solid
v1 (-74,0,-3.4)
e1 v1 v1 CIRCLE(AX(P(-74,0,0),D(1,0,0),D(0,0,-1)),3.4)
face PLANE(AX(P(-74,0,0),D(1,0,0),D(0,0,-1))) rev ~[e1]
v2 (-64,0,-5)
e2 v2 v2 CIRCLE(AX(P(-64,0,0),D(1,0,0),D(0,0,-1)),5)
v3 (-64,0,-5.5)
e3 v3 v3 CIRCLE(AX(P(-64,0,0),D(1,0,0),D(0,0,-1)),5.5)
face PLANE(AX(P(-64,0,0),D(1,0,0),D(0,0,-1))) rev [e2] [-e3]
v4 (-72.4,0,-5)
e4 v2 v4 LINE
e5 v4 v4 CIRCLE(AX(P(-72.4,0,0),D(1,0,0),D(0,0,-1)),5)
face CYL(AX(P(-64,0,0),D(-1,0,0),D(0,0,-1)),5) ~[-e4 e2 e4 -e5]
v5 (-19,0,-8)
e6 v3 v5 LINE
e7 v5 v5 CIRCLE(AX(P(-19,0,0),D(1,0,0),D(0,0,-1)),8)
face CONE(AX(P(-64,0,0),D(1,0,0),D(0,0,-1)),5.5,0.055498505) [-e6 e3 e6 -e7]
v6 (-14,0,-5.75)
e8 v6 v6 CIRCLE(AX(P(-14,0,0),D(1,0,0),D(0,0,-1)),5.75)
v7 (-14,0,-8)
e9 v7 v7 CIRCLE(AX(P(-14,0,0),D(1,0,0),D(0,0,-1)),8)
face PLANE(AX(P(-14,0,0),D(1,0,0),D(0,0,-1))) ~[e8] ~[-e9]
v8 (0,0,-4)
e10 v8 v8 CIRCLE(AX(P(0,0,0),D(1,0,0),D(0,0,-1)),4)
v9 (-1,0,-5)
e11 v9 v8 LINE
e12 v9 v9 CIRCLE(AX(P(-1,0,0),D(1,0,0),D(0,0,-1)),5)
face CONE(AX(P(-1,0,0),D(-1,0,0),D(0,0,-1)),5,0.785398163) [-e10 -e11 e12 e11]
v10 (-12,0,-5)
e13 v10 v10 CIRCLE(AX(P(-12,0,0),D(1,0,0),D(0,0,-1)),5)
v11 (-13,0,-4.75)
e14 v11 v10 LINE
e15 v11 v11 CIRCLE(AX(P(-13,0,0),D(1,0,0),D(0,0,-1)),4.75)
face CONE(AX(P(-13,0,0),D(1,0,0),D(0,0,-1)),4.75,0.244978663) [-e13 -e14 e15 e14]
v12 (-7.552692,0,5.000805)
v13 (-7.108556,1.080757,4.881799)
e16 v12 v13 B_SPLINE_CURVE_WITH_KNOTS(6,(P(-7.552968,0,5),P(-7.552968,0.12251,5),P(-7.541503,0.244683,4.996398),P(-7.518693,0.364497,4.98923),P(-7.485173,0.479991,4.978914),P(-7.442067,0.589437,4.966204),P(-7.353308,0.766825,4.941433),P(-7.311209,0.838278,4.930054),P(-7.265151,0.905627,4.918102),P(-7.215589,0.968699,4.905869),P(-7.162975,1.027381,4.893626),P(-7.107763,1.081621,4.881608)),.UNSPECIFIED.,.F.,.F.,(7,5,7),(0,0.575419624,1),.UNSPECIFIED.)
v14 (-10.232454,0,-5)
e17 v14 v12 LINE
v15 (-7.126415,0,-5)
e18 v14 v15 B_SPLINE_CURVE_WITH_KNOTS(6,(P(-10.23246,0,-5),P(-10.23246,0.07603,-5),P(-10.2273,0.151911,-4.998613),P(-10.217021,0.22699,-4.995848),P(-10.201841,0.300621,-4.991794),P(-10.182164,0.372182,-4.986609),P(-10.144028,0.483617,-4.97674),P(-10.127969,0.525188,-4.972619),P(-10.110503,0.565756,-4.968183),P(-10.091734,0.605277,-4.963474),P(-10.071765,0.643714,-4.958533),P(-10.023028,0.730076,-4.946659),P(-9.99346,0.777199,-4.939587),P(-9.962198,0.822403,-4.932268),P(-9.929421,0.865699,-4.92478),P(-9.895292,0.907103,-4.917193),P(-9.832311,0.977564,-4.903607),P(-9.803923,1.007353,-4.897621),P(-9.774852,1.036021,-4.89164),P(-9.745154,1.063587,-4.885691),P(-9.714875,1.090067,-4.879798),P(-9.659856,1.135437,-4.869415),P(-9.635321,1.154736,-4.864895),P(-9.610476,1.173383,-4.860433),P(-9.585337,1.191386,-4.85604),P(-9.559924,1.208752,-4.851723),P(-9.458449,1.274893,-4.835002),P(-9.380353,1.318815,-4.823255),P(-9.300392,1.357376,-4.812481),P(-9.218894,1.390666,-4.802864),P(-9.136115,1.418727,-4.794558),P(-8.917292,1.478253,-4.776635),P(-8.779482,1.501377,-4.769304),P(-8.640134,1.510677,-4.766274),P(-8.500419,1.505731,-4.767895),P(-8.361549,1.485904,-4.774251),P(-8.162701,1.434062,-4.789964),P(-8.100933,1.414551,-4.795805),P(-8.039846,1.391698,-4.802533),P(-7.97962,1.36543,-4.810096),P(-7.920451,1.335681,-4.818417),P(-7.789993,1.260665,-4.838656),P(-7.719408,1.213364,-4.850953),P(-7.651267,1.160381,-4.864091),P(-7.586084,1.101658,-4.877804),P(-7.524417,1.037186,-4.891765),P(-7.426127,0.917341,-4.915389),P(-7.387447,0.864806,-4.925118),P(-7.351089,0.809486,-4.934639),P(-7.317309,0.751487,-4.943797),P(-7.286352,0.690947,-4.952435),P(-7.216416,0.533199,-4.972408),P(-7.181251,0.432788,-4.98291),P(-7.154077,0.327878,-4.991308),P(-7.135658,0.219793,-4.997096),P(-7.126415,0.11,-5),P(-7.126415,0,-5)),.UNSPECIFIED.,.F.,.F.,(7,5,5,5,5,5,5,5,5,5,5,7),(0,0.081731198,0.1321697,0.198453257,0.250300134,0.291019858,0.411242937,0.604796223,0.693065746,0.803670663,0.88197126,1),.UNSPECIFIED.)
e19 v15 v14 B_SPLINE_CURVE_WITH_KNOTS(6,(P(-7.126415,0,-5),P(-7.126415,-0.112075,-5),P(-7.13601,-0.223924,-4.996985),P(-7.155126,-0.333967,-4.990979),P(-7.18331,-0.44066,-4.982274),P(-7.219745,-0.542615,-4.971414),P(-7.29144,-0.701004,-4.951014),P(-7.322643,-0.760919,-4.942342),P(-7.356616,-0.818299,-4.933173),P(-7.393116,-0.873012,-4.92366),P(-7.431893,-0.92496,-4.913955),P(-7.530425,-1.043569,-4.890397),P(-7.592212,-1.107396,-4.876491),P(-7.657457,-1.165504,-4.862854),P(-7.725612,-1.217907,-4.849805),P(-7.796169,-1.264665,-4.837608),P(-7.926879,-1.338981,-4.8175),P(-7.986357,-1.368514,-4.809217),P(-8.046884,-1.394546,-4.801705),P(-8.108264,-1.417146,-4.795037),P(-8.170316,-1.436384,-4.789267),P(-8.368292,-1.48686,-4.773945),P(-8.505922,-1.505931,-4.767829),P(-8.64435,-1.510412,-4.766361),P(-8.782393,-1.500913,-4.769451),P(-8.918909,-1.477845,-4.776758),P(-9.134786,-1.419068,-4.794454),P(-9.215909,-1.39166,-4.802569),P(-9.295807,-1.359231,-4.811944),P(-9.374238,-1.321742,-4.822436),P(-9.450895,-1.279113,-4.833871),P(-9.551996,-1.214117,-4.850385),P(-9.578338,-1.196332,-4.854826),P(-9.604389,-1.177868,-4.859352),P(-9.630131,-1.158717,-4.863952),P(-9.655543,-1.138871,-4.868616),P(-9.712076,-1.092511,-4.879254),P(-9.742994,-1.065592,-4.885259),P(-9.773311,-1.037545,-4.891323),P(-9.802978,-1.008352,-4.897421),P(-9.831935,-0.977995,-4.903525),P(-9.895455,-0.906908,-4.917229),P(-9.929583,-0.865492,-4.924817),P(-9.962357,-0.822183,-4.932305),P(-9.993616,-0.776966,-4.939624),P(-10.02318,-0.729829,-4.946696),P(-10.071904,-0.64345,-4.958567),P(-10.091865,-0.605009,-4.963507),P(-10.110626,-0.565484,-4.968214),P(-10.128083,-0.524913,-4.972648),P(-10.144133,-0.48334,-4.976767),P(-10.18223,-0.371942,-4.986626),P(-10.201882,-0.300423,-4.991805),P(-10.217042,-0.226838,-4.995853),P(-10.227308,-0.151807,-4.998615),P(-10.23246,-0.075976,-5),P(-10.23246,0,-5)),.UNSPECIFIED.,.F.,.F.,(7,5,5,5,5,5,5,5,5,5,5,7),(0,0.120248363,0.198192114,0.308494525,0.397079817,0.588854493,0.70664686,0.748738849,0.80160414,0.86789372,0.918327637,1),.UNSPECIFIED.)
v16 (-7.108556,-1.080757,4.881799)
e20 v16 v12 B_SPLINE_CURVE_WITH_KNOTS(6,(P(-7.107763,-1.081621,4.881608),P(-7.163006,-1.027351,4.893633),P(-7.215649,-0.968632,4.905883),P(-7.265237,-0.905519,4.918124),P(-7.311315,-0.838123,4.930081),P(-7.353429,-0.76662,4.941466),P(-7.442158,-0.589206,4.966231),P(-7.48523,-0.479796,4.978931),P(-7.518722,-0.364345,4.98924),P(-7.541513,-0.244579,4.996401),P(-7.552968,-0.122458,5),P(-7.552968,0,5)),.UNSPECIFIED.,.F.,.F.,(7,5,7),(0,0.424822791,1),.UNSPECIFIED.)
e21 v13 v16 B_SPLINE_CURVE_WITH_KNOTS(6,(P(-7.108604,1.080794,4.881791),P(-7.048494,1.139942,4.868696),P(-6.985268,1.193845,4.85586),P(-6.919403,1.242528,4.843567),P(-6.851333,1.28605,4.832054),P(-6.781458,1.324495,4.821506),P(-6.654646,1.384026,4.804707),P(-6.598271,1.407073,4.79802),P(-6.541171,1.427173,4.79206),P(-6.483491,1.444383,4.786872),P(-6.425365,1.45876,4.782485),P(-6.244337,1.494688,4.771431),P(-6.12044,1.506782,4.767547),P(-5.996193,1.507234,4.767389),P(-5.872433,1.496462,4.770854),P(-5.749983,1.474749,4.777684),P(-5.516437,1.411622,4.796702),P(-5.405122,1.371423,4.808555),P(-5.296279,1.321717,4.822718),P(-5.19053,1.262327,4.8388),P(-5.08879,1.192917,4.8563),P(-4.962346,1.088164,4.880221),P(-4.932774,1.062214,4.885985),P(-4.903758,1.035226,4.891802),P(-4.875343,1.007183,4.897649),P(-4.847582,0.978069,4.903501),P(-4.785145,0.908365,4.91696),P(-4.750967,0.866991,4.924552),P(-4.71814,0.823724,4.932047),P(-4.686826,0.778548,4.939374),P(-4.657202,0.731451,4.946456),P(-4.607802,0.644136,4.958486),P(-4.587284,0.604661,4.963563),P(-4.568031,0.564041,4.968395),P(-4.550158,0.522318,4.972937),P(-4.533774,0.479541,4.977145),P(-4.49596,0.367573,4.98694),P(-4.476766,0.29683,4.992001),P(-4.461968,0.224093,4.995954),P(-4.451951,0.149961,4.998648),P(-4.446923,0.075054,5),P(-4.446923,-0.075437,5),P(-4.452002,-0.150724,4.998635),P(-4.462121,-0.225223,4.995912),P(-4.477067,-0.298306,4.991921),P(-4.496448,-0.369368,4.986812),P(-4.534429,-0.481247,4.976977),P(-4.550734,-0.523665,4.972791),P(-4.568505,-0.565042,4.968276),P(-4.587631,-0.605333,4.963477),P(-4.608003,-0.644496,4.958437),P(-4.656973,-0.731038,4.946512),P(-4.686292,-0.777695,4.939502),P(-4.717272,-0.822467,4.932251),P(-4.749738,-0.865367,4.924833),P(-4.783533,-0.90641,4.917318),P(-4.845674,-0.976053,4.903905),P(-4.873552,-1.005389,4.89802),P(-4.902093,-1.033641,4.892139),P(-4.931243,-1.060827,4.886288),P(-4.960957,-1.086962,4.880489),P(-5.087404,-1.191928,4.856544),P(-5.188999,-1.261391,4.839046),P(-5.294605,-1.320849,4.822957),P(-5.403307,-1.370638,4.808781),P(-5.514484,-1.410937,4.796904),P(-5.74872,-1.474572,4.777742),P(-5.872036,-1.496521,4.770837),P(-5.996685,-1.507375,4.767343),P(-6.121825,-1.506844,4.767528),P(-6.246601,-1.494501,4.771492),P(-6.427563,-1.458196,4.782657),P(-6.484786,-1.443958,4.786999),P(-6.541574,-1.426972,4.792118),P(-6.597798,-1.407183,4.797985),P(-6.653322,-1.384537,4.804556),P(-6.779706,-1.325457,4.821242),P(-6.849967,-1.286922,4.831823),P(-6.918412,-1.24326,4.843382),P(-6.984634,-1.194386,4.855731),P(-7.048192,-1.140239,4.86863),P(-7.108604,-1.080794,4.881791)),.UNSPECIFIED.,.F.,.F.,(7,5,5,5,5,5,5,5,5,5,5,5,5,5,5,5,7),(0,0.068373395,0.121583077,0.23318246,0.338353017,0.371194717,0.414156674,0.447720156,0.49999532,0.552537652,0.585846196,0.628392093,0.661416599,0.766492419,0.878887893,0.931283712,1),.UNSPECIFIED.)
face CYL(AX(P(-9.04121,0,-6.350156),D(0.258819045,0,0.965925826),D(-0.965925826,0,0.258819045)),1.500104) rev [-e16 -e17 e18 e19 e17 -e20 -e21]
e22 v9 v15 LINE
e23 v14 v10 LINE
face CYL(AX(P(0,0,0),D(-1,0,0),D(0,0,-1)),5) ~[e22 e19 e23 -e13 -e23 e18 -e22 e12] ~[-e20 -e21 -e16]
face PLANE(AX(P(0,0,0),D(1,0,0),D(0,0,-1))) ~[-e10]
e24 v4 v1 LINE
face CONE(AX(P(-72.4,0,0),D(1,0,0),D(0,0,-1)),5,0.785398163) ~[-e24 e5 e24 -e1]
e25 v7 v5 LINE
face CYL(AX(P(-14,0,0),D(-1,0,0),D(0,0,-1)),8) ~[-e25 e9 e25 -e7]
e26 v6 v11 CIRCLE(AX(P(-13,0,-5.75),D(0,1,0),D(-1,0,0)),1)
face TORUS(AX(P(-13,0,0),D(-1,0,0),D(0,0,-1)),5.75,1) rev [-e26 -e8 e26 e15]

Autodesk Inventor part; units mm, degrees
ref_plane "YZ Plane" through (0, 0, 0) normal (1, 0, 0) x (0, 1, 0)
ref_plane "XZ Plane" through (0, 0, 0) normal (0, 1, 0) x (-1, 0, 0)
ref_plane "XY Plane" through (0, 0, 0) normal (0, 0, 1) x (1, 0, 0)
sketch "Эскиз1" plane through (0, 0, 0) normal (0, 1, 0) x (-1, 0, 0)
  line L0 (0, 0) -> (0, -5)
  line L1 (0, -5) -> (12, -5)
  line L2 (14, 0) -> (14, -4.75)
  line L3 (14, -4.75) -> (13, -4.75)
  line L4 (12, -4.75) -> (12, -5)
  line L5 (14, 0) -> (14, -8)
  line L6 (14, -8) -> (19, -8)
  line L7 (19, 0) -> (64, 0)
  line L8 (64, -5) -> (64, -5.5)
  line L9 (64, -5.5) -> (19, -8)
  line L10 (64, -5.5) -> (64, -5)
  line L11 (64, -5) -> (74, -5)
  line L12 (74, -5) -> (74, 0)
  line L13 (74, 0) -> (0, 0)
  line L14 (14, -4.75) -> (14, -5.75)
  line L15 (14, -5.75) -> (13, -5.75)
  arc A0 (14, -5.75) -> (13, -4.75) centre (13, -5.75) ccw
  line L16 (13, -4.75) -> (12, -5)
  dimension "d0" = 5
  dimension "d1" = 12
  dimension "d3" = 2
  dimension "d5" = 5
  dimension "d6" = 45
  dimension "d7" = 5.5
  dimension "d8" = 0.5
  dimension "d9" = 10
  dimension "d25" = 1
revolve "Вращение1" add sketch "Эскиз1" angle 360 about axis through (-74, 0, 0) along (1, 0, 0)
thread "Резьба1" size "M10x1.5" class "6g" standard "ANSI Metric M Profile" length 7.5
sketch "Эскиз2" plane through (0, 0, 0) normal (0, 1, 0) x (-1, 0, 0)
  line L0 (14, 5.0083) -> (6, 5)
  line L1 (12, 5) -> (0, 5) projected
  line L2 (6, 5) -> (9.0413, -6.3501)
  line L3 (6, 5) -> (17.7505, 5) construction
  line L4 (9.0413, -6.3501) -> (10.4902, -5.9619)
  line L5 (10.4902, -5.9619) -> (6.6566, 8.345)
  line L6 (6.6566, 8.345) -> (5.2077, 7.9567)
  line L7 (5.2077, 7.9567) -> (9.0413, -6.3501)
  point P0 (0, 0)
  point P1 (7.5525, 5.0016)
  dimension "d13" = 8
  dimension "d14" = 75
  dimension "d15" = 1.5
  dimension "d16" = 1.5
revolve "Вращение2" cut sketch "Эскиз2" angle 360 about axis through (-5.2077, 0, 7.9567) along (-0.2588, 0, -0.9659)
chamfer "Фаска1" distance 1 angle 45 1 edges at (0, 0, 5)
chamfer "Фаска2" distance 1.6 angle 45 1 edges at (-74, 0, 5)
properties part number "Рукоятка-8"
